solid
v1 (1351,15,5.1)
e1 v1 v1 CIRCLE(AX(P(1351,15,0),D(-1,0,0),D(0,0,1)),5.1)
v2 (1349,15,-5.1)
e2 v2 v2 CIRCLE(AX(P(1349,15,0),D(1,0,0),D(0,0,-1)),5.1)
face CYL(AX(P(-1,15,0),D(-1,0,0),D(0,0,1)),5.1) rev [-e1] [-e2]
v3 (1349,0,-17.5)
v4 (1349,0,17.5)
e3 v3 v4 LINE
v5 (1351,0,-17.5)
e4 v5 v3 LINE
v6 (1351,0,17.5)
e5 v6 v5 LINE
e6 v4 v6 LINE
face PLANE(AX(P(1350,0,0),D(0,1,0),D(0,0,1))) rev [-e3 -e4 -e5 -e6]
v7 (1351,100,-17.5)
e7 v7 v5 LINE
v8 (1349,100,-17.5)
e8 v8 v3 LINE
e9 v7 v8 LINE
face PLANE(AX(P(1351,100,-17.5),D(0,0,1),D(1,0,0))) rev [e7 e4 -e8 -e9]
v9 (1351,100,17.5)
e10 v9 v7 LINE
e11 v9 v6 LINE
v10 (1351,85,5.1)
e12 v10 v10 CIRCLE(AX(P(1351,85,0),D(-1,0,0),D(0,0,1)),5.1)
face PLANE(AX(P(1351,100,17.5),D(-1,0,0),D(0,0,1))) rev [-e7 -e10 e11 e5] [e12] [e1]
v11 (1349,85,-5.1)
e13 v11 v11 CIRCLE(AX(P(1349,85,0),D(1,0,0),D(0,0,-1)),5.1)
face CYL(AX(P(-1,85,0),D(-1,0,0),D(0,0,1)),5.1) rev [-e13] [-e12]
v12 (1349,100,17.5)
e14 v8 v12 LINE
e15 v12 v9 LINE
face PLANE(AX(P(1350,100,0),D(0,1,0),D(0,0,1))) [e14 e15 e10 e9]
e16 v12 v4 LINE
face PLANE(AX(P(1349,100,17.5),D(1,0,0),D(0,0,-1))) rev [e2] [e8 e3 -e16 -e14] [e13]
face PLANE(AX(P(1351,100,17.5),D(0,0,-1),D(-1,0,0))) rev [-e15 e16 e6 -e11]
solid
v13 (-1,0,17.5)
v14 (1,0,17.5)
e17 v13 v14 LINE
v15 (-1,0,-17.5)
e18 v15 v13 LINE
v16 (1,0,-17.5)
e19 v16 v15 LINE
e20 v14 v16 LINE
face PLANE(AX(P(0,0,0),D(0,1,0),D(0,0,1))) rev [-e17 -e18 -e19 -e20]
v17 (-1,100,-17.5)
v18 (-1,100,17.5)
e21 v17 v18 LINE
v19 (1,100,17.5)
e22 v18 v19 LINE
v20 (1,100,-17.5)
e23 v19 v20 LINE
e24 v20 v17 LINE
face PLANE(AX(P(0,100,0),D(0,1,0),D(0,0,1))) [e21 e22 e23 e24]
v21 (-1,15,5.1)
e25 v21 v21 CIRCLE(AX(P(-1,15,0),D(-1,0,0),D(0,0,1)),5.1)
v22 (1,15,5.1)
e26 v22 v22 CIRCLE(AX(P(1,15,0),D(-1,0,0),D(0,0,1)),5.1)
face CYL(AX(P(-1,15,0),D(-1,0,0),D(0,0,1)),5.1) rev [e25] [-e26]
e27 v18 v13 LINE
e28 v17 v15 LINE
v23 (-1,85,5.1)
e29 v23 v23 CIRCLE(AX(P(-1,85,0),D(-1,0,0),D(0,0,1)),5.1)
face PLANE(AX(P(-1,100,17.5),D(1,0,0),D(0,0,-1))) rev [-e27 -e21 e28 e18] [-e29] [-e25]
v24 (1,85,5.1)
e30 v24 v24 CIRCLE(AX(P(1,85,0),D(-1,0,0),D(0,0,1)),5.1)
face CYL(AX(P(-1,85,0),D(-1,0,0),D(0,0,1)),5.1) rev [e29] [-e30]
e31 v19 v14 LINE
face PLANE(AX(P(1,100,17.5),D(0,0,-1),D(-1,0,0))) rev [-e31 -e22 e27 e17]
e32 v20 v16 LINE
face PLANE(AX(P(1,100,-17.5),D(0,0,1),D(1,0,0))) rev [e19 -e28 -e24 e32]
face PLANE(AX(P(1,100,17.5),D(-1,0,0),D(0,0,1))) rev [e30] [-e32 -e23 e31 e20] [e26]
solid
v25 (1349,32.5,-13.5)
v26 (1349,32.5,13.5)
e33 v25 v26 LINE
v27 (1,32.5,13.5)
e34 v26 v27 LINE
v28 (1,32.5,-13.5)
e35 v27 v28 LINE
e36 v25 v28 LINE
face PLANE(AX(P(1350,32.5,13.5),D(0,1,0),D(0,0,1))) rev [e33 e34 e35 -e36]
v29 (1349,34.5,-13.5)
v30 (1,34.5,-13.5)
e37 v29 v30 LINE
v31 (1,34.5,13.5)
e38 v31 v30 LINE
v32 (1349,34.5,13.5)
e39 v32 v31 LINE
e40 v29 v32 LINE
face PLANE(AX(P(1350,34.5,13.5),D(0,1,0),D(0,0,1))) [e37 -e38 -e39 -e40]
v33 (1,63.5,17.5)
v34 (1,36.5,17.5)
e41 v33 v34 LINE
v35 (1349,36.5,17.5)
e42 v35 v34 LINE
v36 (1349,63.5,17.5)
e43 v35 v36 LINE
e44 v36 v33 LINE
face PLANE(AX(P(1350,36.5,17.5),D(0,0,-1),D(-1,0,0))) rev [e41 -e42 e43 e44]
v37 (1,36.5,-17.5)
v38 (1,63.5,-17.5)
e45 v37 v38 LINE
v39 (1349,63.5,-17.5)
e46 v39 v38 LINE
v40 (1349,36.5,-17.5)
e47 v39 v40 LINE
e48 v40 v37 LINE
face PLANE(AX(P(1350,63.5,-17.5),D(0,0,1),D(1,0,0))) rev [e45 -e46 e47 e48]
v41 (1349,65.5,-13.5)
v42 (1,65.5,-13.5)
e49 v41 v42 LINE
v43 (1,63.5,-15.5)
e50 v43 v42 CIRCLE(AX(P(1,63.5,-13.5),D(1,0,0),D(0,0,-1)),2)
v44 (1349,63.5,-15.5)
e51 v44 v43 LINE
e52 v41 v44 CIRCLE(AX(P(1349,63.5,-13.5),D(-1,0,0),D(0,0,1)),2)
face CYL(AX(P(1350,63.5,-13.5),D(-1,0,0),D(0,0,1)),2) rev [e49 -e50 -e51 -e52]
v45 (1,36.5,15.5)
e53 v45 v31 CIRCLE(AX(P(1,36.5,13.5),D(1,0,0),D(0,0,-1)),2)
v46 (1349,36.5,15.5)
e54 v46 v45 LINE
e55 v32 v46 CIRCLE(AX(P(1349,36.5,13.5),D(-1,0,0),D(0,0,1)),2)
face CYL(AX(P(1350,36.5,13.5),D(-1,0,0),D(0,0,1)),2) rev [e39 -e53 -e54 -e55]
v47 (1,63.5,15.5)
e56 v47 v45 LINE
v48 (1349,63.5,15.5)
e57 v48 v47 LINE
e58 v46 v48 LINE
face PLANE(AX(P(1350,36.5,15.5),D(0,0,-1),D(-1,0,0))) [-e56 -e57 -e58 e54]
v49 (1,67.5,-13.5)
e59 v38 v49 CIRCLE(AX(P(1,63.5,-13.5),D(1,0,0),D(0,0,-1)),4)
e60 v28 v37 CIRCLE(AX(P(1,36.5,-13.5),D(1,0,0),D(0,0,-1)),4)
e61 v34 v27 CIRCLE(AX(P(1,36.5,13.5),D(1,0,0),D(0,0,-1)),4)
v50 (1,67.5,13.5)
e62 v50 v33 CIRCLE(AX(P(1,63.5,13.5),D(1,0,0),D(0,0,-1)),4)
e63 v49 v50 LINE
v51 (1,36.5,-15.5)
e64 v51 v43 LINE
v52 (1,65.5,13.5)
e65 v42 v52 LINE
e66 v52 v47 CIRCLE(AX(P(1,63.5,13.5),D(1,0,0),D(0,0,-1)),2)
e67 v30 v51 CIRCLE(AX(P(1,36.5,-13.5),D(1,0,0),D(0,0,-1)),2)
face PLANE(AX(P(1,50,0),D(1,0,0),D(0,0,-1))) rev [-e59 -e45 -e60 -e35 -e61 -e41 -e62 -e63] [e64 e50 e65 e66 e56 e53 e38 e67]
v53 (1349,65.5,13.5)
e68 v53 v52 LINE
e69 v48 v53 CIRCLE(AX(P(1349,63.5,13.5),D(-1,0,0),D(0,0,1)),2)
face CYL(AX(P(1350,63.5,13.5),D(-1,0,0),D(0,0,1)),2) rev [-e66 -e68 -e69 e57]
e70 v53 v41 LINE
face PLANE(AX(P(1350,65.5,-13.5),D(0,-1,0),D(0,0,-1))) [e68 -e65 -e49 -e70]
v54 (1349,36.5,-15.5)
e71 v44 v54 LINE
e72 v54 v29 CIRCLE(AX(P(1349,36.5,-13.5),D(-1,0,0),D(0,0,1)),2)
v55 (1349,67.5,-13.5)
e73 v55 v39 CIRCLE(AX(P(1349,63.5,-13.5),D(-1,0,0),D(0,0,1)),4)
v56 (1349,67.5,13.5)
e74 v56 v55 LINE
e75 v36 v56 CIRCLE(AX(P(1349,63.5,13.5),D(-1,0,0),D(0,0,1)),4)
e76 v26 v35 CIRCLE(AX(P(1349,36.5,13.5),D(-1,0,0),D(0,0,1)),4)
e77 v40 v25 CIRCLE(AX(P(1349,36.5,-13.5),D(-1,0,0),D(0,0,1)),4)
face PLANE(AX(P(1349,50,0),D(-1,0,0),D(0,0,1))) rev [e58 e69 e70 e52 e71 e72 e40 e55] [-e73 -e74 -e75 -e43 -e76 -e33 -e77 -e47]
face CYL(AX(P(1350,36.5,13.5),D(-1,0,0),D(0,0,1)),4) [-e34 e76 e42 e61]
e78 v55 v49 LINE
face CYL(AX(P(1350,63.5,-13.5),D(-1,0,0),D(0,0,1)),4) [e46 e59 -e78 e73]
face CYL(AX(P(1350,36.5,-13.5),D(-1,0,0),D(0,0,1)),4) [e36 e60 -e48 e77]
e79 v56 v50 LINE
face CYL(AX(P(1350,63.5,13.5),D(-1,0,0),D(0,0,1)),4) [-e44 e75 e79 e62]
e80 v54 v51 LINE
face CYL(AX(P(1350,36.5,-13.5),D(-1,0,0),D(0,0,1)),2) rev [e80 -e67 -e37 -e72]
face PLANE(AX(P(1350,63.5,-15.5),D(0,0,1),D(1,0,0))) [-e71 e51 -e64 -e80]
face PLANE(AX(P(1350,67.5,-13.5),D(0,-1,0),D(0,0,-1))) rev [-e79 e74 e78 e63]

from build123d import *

# Parameters (mm, degrees)
SKETCH1_W                                    = 2
SKETCH1_H                                    = 35
SQUARE_TUBE_CONFIGURED_20_X_20_X_2_1_DEPTH   = 100
SKETCH1_ON_SEGMENT_2_W                       = 2
SKETCH1_ON_SEGMENT_2_H                       = 35
SQUARE_TUBE_CONFIGURED_20_X_20_X_2_1_2_DEPTH = 100
SQUARE_TUBE_CONFIGURED_20_X_20_X_2_3_DEPTH   = 1350
SKETCH13_W                                   = 5.1
SKETCH13_H                                   = 1352
F_10_2_10_2_DIAMETER_HOLE1_AT_2_COUNT        = 2
F_10_2_10_2_DIAMETER_HOLE1_AT_2_PITCH        = 70


with BuildPart() as part:
    # Sketch1 → Square tube - configured 20 X 20 X 2(1) (new body)
    with BuildSketch(Plane(origin=(0, 0, 0), x_dir=(1, 0, 0), z_dir=(0, 1, 0))):
        Rectangle(SKETCH1_W, SKETCH1_H)
    extrude(amount=SQUARE_TUBE_CONFIGURED_20_X_20_X_2_1_DEPTH)


with BuildPart() as body_2:
    # Sketch1 on segment 2 (carried to segment 2) → Square tube - configured 20 X 20 X 2_1 2 (new body)
    with BuildSketch(Plane(origin=(1350, 0, 0), x_dir=(1, 0, 0), z_dir=(0, 1, 0))):
        Rectangle(SKETCH1_ON_SEGMENT_2_W, SKETCH1_ON_SEGMENT_2_H)
    extrude(amount=SQUARE_TUBE_CONFIGURED_20_X_20_X_2_1_2_DEPTH)


with BuildPart() as body_3:
    # Sketch11 → Square tube - configured 20 X 20 X 2(3) (new body)
    with BuildSketch(Plane(origin=(0, 50, 0), x_dir=(0, 0, -1), z_dir=(1, 0, 0))):
        with BuildLine():
            Line((-13.5, -17.5), (13.5, -17.5))
            ThreePointArc((13.5, -17.5), (16.328427125, -16.328427125), (17.5, -13.5))
            Line((17.5, -13.5), (17.5, 13.5))
            ThreePointArc((17.5, 13.5), (16.328427125, 16.328427125), (13.5, 17.5))
            Line((13.5, 17.5), (-13.5, 17.5))
            ThreePointArc((-13.5, 17.5), (-16.328427125, 16.328427125), (-17.5, 13.5))
            Line((-17.5, 13.5), (-17.5, -13.5))
            ThreePointArc((-17.5, -13.5), (-16.328427125, -16.328427125), (-13.5, -17.5))
        make_face()
        with BuildLine():
            Line((-13.5, -15.5), (13.5, -15.5))
            ThreePointArc((13.5, -15.5), (14.914213562, -14.914213562), (15.5, -13.5))
            Line((15.5, -13.5), (15.5, 13.5))
            ThreePointArc((15.5, 13.5), (14.914213562, 14.914213562), (13.5, 15.5))
            Line((13.5, 15.5), (-13.5, 15.5))
            ThreePointArc((-13.5, 15.5), (-14.914213562, 14.914213562), (-15.5, 13.5))
            Line((-15.5, 13.5), (-15.5, -13.5))
            ThreePointArc((-15.5, -13.5), (-14.914213562, -14.914213562), (-13.5, -15.5))
        make_face(mode=Mode.SUBTRACT)
    extrude(amount=SQUARE_TUBE_CONFIGURED_20_X_20_X_2_3_DEPTH)

    # Trim/Extend1
    split(bisect_by=Plane(origin=(1349, 50, 0), x_dir=(0, -1, 0), z_dir=(-1, 0, 0)), keep=Keep.TOP)

    # Trim/Extend2
    split(bisect_by=Plane(origin=(1, 50, 0), x_dir=(0, 1, 0), z_dir=(1, 0, 0)), keep=Keep.TOP)


with BuildPart() as f_10_2_10_2_diameter_hole1_tool:
    # Sketch13 → Ø10.2 (10.2) Diameter Hole1 (revolve)
    with BuildSketch(Plane(origin=(-1, 15, 0), x_dir=(0, 0, 1), z_dir=(0, 1, 0))):
        with Locations((2.55, 676)):
            Rectangle(SKETCH13_W, SKETCH13_H)
    f_10_2_10_2_diameter_hole1 = revolve(axis=Axis((-7.35, 15, 0), (1, 0, 0)))


with BuildPart() as part_1:
    add(part.part)

    # Ø10.2 (10.2) Diameter Hole1: cut by f_10_2_10_2_diameter_hole1_tool
    add(f_10_2_10_2_diameter_hole1_tool.part, mode=Mode.SUBTRACT)


with BuildPart() as body_2_1:
    add(body_2.part)

    # Ø10.2 (10.2) Diameter Hole1: cut by f_10_2_10_2_diameter_hole1_tool
    add(f_10_2_10_2_diameter_hole1_tool.part, mode=Mode.SUBTRACT)


with BuildPart() as f_10_2_10_2_diameter_hole1_at_2_tool:
    # Ø10.2 (10.2) Diameter Hole1 at 2: Ø10.2 (10.2) Diameter Hole1 ×2
    with Locations(*[(0, i * F_10_2_10_2_DIAMETER_HOLE1_AT_2_PITCH, 0) for i in range(1, F_10_2_10_2_DIAMETER_HOLE1_AT_2_COUNT)]):
        add(f_10_2_10_2_diameter_hole1)


with BuildPart() as part_2:
    add(part_1.part)

    # Ø10.2 (10.2) Diameter Hole1 at 2: cut by f_10_2_10_2_diameter_hole1_at_2_tool
    add(f_10_2_10_2_diameter_hole1_at_2_tool.part, mode=Mode.SUBTRACT)


with BuildPart() as body_2_2:
    add(body_2_1.part)

    # Ø10.2 (10.2) Diameter Hole1 at 2: cut by f_10_2_10_2_diameter_hole1_at_2_tool
    add(f_10_2_10_2_diameter_hole1_at_2_tool.part, mode=Mode.SUBTRACT)


solid = Compound([body_3.part, part_2.part, body_2_2.part])
